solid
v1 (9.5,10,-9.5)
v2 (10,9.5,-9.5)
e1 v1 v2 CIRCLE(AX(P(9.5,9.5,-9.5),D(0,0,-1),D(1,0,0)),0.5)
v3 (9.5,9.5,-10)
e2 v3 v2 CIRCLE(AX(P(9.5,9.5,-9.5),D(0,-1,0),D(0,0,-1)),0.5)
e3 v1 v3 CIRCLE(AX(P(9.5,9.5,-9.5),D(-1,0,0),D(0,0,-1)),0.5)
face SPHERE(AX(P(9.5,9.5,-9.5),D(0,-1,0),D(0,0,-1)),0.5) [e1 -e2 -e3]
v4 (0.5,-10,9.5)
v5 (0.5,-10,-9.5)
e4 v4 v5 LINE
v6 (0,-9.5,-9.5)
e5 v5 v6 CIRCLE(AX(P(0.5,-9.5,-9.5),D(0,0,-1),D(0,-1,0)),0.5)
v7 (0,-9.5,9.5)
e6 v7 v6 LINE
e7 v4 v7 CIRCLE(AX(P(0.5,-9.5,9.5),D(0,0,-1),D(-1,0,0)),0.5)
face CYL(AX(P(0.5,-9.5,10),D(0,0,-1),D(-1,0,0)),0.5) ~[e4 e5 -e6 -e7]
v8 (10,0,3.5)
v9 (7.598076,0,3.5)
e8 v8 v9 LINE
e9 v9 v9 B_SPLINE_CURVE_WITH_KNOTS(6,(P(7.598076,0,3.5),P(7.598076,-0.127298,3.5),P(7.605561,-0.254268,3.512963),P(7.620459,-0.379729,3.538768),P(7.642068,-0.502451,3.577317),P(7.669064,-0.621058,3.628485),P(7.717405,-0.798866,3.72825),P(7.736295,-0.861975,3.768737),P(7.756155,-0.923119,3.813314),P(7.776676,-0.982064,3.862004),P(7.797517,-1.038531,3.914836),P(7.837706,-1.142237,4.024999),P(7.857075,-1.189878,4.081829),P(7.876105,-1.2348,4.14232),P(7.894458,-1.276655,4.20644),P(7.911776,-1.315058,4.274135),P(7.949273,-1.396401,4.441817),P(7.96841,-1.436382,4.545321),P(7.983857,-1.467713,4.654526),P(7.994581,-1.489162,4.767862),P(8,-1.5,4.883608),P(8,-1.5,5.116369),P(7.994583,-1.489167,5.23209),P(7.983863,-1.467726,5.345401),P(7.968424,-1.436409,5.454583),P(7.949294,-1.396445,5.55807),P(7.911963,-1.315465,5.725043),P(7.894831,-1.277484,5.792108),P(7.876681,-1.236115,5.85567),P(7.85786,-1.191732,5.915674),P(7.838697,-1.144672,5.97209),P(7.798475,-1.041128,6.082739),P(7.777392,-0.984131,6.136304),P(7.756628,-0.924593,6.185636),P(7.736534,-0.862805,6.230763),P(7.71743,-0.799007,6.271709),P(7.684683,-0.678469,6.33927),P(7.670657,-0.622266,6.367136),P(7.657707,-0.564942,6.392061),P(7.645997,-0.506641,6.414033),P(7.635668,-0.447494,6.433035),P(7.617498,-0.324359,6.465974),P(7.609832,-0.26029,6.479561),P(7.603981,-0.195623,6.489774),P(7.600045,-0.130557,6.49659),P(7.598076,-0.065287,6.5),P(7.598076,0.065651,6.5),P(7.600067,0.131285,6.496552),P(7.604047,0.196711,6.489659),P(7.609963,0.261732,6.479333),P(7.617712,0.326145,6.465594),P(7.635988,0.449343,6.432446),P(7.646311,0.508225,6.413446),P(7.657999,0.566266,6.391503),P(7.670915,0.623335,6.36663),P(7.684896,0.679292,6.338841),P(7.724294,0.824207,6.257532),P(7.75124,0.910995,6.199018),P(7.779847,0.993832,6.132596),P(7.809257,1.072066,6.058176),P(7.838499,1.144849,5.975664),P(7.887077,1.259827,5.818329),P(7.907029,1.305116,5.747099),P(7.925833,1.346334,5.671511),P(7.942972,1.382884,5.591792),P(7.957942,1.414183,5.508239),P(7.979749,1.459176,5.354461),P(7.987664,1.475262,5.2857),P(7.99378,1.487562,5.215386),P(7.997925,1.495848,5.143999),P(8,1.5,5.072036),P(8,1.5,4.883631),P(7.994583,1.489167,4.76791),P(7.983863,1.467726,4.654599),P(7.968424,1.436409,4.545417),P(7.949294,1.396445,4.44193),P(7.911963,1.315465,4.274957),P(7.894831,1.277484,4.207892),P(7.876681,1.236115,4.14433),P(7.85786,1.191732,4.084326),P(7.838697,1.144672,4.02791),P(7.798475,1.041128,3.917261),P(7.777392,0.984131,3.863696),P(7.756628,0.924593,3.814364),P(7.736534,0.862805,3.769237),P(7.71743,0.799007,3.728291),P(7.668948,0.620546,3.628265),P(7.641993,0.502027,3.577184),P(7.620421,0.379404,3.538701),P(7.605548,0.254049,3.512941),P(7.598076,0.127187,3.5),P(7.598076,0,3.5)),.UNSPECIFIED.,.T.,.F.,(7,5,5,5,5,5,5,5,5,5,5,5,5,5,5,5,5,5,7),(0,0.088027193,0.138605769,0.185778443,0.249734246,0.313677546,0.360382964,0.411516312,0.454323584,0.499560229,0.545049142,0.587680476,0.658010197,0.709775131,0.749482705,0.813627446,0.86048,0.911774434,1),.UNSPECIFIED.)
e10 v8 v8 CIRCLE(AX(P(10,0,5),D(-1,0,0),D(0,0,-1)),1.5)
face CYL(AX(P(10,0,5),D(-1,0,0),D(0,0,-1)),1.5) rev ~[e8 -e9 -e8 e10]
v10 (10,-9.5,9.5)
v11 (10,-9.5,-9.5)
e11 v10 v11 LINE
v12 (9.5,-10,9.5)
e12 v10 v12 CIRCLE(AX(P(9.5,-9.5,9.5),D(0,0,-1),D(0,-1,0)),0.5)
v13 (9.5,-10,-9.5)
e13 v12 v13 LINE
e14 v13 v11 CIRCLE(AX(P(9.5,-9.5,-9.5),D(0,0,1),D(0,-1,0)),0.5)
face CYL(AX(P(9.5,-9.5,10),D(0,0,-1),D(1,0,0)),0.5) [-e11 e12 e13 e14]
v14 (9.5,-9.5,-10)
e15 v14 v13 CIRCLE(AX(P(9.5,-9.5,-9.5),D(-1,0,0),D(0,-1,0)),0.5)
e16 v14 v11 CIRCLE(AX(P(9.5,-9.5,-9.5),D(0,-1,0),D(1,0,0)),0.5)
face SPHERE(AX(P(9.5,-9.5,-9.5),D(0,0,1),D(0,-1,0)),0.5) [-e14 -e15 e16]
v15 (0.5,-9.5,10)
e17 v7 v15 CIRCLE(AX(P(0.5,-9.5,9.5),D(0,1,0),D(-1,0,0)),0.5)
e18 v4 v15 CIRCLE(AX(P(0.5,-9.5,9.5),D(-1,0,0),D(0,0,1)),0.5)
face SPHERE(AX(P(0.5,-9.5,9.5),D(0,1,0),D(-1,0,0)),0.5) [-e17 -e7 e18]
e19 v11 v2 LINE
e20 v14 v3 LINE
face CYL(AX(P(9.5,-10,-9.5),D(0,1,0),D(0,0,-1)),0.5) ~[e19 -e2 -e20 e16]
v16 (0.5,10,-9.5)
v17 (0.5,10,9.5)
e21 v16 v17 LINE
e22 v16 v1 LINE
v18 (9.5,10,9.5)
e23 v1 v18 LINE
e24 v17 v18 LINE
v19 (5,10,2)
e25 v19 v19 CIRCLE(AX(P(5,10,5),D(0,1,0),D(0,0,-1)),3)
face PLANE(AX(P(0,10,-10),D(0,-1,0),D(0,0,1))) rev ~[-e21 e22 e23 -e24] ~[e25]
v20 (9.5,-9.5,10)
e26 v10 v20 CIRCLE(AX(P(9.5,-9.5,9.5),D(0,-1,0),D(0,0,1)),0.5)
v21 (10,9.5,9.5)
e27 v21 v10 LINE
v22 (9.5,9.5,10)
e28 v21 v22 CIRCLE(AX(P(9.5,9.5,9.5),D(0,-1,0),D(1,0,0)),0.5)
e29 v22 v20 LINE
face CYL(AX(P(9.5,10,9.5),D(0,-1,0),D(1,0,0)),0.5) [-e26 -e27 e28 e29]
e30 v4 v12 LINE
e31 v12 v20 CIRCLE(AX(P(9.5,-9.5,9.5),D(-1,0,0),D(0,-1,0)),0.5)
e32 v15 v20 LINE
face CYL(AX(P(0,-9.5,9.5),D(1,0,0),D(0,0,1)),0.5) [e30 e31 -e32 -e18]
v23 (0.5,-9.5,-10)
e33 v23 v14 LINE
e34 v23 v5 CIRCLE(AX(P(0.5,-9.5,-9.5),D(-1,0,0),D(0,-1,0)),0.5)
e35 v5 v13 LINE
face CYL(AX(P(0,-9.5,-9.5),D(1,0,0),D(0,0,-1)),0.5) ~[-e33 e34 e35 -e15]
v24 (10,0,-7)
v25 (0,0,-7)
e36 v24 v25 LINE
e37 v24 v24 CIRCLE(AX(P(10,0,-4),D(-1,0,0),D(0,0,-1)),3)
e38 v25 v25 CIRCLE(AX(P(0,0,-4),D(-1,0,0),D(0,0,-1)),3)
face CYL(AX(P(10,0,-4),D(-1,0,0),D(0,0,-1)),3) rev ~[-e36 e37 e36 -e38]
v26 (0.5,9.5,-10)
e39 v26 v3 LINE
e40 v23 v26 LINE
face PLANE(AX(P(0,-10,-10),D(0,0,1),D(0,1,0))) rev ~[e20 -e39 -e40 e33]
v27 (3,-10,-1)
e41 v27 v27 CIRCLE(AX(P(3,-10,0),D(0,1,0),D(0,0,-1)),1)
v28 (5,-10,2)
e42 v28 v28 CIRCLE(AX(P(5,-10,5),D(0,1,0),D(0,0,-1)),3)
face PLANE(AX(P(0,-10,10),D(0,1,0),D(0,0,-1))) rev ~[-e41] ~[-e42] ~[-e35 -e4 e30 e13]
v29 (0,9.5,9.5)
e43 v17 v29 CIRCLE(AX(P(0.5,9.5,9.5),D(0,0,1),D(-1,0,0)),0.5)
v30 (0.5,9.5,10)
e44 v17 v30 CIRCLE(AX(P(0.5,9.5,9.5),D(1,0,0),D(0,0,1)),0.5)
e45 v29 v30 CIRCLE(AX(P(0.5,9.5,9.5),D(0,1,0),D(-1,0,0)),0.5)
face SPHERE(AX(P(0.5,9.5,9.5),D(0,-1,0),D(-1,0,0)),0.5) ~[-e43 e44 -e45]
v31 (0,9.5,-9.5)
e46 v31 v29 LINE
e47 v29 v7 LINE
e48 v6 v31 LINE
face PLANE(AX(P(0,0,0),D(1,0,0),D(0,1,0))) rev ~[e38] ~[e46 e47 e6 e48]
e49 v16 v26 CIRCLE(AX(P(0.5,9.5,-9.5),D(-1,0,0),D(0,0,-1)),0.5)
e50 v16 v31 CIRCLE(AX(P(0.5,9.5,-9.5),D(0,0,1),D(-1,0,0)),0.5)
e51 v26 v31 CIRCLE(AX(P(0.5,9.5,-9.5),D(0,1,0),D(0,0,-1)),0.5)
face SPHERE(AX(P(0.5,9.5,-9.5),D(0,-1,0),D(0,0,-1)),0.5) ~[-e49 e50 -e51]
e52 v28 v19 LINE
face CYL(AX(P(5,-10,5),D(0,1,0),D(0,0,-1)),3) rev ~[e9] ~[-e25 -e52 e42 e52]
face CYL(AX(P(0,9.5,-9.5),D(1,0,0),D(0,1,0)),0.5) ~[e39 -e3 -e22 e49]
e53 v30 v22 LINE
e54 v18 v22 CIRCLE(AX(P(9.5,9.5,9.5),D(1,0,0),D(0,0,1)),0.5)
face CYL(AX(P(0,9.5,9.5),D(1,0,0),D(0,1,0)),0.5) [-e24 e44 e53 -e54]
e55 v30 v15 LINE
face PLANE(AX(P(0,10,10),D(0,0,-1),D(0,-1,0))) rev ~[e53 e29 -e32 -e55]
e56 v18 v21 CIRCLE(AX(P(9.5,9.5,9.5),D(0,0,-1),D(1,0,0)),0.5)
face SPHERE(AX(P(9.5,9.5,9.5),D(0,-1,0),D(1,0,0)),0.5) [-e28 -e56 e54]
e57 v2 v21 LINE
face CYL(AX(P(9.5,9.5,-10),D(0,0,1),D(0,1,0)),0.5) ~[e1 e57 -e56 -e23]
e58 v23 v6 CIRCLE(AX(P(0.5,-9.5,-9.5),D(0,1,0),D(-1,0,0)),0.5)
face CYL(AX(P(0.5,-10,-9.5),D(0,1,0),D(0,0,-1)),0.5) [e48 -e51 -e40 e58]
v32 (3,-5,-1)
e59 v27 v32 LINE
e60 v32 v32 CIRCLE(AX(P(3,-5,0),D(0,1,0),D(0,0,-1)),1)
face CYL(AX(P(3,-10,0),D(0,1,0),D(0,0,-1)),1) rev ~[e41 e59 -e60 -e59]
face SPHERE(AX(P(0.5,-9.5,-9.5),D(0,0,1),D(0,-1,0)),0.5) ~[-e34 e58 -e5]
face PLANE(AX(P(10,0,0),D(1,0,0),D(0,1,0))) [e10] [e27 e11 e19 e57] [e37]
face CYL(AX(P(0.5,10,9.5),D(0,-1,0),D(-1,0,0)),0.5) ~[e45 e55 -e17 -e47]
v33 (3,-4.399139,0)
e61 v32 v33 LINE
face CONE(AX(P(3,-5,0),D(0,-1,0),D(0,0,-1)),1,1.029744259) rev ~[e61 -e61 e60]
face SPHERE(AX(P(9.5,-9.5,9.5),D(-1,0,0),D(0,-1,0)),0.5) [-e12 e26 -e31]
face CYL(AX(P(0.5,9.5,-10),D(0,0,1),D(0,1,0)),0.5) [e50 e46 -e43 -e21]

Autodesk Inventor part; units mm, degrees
ref_plane "YZ Plane" through (0, 0, 0) normal (1, 0, 0) x (0, 1, 0)
ref_plane "XZ Plane" through (0, 0, 0) normal (0, 1, 0) x (-1, 0, 0)
ref_plane "XY Plane" through (0, 0, 0) normal (0, 0, 1) x (1, 0, 0)
sketch "Szkic1" plane through (0, 0, 0) normal (1, 0, 0) x (0, 1, 0)
  line L0 (10, 10) -> (-10, 10)
  line L1 (-10, 10) -> (-10, -10)
  line L2 (-10, -10) -> (10, -10)
  line L3 (10, -10) -> (10, 10)
  line L4 (0, 0) -> (10, 0) construction
  line L5 (0, 0) -> (0, -10) construction
  dimension "d0" = 20
  dimension "d1" = 20
extrude "Wyciągnięcie proste1" add sketch "Szkic1" along normal blind 10
sketch "Szkic2" plane through (10, 0, 0) normal (1, 0, 0) x (0, 0, -1)
  line L0 (10, -10) -> (10, 10) projected
  point P0 (0, 0)
  point P1 (4, 0)
  dimension "d4" = 6
hole "Otwór1" at (10, 0, -4) direction (-1, 0, 0) diameter 6 end through all
sketch "Szkic3" plane through (0, -10, -10) normal (0, -1, 0) x (1, 0, 0)
  line L0 (0, 20) -> (0, 0) projected
  line L1 (0, 20) -> (10, 20) projected
  point P0 (0, 10)
  point P1 (5, 15)
  dimension "d12" = 5
  dimension "d13" = 5
hole "Otwór2" at (5, -10, 5) direction (0, 1, 0) diameter 6 end through all
sketch "Szkic4" plane through (0, -10, -10) normal (0, -1, 0) x (1, 0, 0)
  line L0 (0, 20) -> (0, 0) projected
  point P0 (0, 10)
  point P1 (3, 10)
  point P2 (0, 10)
  dimension "d21" = 3
hole "Otwór3" at (3, -10, 0) direction (0, 1, 0) diameter 2 depth 5 tip angle 118
sketch "Szkic5" plane through (10, 0, 0) normal (1, 0, 0) x (0, 0, -1)
  line L0 (-2, -10) -> (-8, -10) projected
  line L1 (-10, 10) -> (-10, -10) projected
  point P0 (0, 0)
  point P1 (-5, 0)
  dimension "d29" = 5
hole "Otwór4" at (10, 0, 5) direction (-1, 0, 0) diameter 3 depth 5 tip angle 118
thread "Gwint1" size "M3x0.5" class "6H" standard "ANSI Metric M Profile" full length
thread "Gwint2" size "M6x1" class "6H" standard "ANSI Metric M Profile" full length
fillet "Zaokrąglenie1" radius 0.5 12 edges at (0, 0, 10) (0, -10, 0) (5, -10, 10) (10, -10, 0) (10, 0, 10) (5, -10, -10) (0, 0, -10) (10, 0, -10) (5, 10, -10) (0, 10, 0) (10, 10, 0) (5, 10, 10)
properties part number "HotBlock"
